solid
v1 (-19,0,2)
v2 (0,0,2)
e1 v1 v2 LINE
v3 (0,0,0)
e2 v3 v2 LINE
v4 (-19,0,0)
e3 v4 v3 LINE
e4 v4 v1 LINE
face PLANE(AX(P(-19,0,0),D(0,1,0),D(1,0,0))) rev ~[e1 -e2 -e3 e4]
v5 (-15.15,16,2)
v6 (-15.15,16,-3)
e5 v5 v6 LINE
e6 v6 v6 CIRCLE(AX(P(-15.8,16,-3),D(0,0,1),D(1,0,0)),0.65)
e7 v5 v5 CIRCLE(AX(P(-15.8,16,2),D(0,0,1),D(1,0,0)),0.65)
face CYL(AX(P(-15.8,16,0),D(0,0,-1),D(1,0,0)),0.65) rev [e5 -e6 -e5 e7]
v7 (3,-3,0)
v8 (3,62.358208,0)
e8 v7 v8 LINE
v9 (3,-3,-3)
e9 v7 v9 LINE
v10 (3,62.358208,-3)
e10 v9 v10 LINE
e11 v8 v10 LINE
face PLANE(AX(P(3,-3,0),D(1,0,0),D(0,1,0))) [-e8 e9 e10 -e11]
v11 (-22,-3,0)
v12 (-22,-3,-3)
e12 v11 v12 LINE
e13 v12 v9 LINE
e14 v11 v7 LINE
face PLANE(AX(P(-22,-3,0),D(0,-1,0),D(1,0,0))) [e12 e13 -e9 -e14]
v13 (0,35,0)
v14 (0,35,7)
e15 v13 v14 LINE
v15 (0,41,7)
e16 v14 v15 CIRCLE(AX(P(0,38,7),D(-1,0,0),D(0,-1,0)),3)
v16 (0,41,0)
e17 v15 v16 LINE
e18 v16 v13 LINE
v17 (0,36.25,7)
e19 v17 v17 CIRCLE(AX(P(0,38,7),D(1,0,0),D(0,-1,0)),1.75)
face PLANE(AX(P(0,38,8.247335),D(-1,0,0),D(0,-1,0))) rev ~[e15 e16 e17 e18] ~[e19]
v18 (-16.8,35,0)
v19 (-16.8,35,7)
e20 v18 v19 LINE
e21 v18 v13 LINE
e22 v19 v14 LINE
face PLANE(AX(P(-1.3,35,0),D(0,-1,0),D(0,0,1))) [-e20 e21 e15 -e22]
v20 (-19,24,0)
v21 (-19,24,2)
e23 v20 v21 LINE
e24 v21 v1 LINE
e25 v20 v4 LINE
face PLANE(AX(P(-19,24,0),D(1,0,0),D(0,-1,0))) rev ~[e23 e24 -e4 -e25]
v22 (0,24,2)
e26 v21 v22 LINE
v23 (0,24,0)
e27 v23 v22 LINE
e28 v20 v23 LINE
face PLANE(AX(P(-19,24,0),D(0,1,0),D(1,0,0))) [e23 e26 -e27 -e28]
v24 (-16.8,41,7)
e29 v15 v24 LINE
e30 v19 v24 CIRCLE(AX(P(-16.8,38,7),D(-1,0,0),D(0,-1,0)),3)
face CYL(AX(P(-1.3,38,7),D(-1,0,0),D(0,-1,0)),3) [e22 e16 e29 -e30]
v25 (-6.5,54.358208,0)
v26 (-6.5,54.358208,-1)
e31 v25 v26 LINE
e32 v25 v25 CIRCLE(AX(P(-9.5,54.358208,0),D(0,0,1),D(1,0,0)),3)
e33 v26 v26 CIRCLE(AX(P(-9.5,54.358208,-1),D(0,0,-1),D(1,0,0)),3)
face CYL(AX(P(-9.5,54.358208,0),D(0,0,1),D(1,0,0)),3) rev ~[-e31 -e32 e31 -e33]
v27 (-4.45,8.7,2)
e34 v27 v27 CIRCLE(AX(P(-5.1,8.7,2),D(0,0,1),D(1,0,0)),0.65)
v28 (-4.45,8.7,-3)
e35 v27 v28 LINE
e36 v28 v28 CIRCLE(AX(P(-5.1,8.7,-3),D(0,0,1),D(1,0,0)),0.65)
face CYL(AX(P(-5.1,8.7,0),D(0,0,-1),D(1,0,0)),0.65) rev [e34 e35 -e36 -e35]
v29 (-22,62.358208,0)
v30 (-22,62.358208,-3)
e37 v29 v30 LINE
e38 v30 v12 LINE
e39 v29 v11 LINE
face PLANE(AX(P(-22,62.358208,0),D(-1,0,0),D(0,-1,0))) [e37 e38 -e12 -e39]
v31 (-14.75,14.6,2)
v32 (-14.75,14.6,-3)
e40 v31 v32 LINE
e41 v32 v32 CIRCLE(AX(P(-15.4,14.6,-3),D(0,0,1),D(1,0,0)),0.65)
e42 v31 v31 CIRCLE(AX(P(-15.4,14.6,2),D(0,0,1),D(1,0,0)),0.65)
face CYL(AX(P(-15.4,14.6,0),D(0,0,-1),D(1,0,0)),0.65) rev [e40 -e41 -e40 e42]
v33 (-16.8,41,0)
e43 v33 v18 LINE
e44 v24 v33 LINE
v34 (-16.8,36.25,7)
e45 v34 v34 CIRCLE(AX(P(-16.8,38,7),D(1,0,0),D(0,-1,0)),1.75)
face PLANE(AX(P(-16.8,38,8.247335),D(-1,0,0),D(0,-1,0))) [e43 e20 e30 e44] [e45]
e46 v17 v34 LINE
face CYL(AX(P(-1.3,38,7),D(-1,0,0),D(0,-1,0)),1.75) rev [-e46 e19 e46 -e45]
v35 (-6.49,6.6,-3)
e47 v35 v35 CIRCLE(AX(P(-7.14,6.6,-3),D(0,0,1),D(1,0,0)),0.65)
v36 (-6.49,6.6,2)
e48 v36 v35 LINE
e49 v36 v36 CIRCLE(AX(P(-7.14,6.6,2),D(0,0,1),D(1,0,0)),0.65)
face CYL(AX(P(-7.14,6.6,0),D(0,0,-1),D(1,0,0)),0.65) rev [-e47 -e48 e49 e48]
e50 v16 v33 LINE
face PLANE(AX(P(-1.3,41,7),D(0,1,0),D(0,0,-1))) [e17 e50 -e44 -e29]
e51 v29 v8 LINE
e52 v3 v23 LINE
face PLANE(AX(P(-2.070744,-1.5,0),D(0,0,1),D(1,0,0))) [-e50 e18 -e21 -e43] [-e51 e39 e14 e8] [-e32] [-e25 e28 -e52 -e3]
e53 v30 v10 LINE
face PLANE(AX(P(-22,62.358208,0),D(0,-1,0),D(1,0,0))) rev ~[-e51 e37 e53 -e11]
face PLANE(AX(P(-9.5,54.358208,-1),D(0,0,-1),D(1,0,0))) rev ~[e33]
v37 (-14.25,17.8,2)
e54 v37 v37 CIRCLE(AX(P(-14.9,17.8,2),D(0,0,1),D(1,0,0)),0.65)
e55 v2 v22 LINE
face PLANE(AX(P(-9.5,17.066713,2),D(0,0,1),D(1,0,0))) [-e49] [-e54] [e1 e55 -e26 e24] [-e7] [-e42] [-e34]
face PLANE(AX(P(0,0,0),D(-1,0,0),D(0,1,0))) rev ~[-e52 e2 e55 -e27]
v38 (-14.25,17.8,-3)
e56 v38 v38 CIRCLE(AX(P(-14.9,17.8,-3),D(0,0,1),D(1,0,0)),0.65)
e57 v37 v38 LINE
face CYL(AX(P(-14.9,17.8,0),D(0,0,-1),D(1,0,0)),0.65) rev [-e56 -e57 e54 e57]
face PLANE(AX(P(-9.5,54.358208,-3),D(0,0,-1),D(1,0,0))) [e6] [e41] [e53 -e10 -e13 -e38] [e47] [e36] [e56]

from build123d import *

# Parameters (mm, degrees)
F0_W     = 4.1414871812
F0_H     = 3
F0_W_2   = 25
F0_H_2   = 35.3582080007
F0_R     = 3
F0_W_3   = 3.0508699417
F0_W_4   = 6.3956826925
F0_W_5   = 5.4119601846
F0_W_6   = 19
F0_H_3   = 13.8665742949
F0_R_2   = 0.65
F1_DEPTH = 3
F2_DEPTH = 2
F6_DEPTH = 15.5
F7_R     = 3
F8_DEPTH = 2
F9_DEPTH = 1.3


with BuildPart() as f1:
    # F0 (on Top) → F1 (new body)
    with BuildSketch(Plane.XY):
        with Locations((-2.0707435906, -1.5)):
            Rectangle(F0_W, F0_H)
        with Locations((-9.5, 44.6791040003)):
            Rectangle(F0_W_2, F0_H_2)
        with Locations((-9.5, 54.3582080007)):
            Circle(F0_R, mode=Mode.SUBTRACT)
        with Locations((-17.4745650291, -1.5)):
            Rectangle(F0_W_3, F0_H)
        with Locations((-7.3393285275, -1.5)):
            Rectangle(F0_W_4, F0_H)
        Polygon((0, 10.1334257051), (0, 0), (0, -3), (3, -3), (3, 27), (-22, 27), (-22, -3), (-19, -3), (-19, 0), (-19, 10.1334257051), (-19, 24), (0, 24), align=None)
        with Locations((-13.243149966, -1.5)):
            Rectangle(F0_W_5, F0_H)
        with Locations((-9.5, 17.0667128526)):
            Rectangle(F0_W_6, F0_H_3)
        with Locations((-15.8, 16)):
            Circle(F0_R_2, mode=Mode.SUBTRACT)
        with Locations((-15.4, 14.6)):
            Circle(F0_R_2, mode=Mode.SUBTRACT)
        with Locations((-14.9, 17.8)):
            Circle(F0_R_2, mode=Mode.SUBTRACT)
        Polygon((-4.1414871812, 0), (0, 0), (0, 10.1334257051), (-19, 10.1334257051), (-19, 0), (-15.9491300583, 0), (-10.5371698737, 0), align=None)
        with Locations((-7.14, 6.6)):
            Circle(F0_R_2, mode=Mode.SUBTRACT)
        with Locations((-5.1, 8.7)):
            Circle(F0_R_2, mode=Mode.SUBTRACT)
    extrude(amount=-F1_DEPTH)

    # F0 (on Top) → F2 (join)
    with BuildSketch(Plane.XY):
        with Locations((-9.5, 17.0667128526)):
            Rectangle(F0_W_6, F0_H_3)
        with Locations((-15.8, 16)):
            Circle(F0_R_2, mode=Mode.SUBTRACT)
        with Locations((-15.4, 14.6)):
            Circle(F0_R_2, mode=Mode.SUBTRACT)
        with Locations((-14.9, 17.8)):
            Circle(F0_R_2, mode=Mode.SUBTRACT)
        Polygon((-4.1414871812, 0), (0, 0), (0, 10.1334257051), (-19, 10.1334257051), (-19, 0), (-15.9491300583, 0), (-10.5371698737, 0), align=None)
        with Locations((-7.14, 6.6)):
            Circle(F0_R_2, mode=Mode.SUBTRACT)
        with Locations((-5.1, 8.7)):
            Circle(F0_R_2, mode=Mode.SUBTRACT)
    extrude(amount=F2_DEPTH)

    # F5 (on offset) → F6 (join)
    with BuildSketch(Plane(origin=(-16.8, 0, 0), x_dir=(0, -1, 0), z_dir=(-1, 0, 0))):
        with BuildLine():
            ThreePointArc((-35, 7), (-38, 10), (-41, 7))
            Line((-41, 7), (-39.75, 7))
            ThreePointArc((-39.75, 7), (-38, 8.75), (-36.25, 7))
            Line((-36.25, 7), (-35, 7))
        make_face()
        with BuildLine():
            Line((-41, 7), (-41, 0))
            Line((-41, 0), (-35, 0))
            Line((-35, 0), (-35, 7))
            Line((-35, 7), (-36.25, 7))
            ThreePointArc((-36.25, 7), (-38, 5.25), (-39.75, 7))
            Line((-39.75, 7), (-41, 7))
        make_face()
    extrude(amount=-F6_DEPTH)

    # F7 (on face) → F8 (join)
    with BuildSketch(Plane(origin=(0, 0, -3), x_dir=(1, 0, 0), z_dir=(0, 0, -1))):
        with Locations((-9.5, -54.3582080007)):
            Circle(F7_R)
    extrude(amount=-F8_DEPTH)

    # F9 (add): a face of the model
    f9_faces = [f1.faces().sort_by_distance(p)[0] for p in [
        (-1.3, 38, 4.2267630358),
    ]]
    extrude(f9_faces, amount=F9_DEPTH)


solid = f1.part
